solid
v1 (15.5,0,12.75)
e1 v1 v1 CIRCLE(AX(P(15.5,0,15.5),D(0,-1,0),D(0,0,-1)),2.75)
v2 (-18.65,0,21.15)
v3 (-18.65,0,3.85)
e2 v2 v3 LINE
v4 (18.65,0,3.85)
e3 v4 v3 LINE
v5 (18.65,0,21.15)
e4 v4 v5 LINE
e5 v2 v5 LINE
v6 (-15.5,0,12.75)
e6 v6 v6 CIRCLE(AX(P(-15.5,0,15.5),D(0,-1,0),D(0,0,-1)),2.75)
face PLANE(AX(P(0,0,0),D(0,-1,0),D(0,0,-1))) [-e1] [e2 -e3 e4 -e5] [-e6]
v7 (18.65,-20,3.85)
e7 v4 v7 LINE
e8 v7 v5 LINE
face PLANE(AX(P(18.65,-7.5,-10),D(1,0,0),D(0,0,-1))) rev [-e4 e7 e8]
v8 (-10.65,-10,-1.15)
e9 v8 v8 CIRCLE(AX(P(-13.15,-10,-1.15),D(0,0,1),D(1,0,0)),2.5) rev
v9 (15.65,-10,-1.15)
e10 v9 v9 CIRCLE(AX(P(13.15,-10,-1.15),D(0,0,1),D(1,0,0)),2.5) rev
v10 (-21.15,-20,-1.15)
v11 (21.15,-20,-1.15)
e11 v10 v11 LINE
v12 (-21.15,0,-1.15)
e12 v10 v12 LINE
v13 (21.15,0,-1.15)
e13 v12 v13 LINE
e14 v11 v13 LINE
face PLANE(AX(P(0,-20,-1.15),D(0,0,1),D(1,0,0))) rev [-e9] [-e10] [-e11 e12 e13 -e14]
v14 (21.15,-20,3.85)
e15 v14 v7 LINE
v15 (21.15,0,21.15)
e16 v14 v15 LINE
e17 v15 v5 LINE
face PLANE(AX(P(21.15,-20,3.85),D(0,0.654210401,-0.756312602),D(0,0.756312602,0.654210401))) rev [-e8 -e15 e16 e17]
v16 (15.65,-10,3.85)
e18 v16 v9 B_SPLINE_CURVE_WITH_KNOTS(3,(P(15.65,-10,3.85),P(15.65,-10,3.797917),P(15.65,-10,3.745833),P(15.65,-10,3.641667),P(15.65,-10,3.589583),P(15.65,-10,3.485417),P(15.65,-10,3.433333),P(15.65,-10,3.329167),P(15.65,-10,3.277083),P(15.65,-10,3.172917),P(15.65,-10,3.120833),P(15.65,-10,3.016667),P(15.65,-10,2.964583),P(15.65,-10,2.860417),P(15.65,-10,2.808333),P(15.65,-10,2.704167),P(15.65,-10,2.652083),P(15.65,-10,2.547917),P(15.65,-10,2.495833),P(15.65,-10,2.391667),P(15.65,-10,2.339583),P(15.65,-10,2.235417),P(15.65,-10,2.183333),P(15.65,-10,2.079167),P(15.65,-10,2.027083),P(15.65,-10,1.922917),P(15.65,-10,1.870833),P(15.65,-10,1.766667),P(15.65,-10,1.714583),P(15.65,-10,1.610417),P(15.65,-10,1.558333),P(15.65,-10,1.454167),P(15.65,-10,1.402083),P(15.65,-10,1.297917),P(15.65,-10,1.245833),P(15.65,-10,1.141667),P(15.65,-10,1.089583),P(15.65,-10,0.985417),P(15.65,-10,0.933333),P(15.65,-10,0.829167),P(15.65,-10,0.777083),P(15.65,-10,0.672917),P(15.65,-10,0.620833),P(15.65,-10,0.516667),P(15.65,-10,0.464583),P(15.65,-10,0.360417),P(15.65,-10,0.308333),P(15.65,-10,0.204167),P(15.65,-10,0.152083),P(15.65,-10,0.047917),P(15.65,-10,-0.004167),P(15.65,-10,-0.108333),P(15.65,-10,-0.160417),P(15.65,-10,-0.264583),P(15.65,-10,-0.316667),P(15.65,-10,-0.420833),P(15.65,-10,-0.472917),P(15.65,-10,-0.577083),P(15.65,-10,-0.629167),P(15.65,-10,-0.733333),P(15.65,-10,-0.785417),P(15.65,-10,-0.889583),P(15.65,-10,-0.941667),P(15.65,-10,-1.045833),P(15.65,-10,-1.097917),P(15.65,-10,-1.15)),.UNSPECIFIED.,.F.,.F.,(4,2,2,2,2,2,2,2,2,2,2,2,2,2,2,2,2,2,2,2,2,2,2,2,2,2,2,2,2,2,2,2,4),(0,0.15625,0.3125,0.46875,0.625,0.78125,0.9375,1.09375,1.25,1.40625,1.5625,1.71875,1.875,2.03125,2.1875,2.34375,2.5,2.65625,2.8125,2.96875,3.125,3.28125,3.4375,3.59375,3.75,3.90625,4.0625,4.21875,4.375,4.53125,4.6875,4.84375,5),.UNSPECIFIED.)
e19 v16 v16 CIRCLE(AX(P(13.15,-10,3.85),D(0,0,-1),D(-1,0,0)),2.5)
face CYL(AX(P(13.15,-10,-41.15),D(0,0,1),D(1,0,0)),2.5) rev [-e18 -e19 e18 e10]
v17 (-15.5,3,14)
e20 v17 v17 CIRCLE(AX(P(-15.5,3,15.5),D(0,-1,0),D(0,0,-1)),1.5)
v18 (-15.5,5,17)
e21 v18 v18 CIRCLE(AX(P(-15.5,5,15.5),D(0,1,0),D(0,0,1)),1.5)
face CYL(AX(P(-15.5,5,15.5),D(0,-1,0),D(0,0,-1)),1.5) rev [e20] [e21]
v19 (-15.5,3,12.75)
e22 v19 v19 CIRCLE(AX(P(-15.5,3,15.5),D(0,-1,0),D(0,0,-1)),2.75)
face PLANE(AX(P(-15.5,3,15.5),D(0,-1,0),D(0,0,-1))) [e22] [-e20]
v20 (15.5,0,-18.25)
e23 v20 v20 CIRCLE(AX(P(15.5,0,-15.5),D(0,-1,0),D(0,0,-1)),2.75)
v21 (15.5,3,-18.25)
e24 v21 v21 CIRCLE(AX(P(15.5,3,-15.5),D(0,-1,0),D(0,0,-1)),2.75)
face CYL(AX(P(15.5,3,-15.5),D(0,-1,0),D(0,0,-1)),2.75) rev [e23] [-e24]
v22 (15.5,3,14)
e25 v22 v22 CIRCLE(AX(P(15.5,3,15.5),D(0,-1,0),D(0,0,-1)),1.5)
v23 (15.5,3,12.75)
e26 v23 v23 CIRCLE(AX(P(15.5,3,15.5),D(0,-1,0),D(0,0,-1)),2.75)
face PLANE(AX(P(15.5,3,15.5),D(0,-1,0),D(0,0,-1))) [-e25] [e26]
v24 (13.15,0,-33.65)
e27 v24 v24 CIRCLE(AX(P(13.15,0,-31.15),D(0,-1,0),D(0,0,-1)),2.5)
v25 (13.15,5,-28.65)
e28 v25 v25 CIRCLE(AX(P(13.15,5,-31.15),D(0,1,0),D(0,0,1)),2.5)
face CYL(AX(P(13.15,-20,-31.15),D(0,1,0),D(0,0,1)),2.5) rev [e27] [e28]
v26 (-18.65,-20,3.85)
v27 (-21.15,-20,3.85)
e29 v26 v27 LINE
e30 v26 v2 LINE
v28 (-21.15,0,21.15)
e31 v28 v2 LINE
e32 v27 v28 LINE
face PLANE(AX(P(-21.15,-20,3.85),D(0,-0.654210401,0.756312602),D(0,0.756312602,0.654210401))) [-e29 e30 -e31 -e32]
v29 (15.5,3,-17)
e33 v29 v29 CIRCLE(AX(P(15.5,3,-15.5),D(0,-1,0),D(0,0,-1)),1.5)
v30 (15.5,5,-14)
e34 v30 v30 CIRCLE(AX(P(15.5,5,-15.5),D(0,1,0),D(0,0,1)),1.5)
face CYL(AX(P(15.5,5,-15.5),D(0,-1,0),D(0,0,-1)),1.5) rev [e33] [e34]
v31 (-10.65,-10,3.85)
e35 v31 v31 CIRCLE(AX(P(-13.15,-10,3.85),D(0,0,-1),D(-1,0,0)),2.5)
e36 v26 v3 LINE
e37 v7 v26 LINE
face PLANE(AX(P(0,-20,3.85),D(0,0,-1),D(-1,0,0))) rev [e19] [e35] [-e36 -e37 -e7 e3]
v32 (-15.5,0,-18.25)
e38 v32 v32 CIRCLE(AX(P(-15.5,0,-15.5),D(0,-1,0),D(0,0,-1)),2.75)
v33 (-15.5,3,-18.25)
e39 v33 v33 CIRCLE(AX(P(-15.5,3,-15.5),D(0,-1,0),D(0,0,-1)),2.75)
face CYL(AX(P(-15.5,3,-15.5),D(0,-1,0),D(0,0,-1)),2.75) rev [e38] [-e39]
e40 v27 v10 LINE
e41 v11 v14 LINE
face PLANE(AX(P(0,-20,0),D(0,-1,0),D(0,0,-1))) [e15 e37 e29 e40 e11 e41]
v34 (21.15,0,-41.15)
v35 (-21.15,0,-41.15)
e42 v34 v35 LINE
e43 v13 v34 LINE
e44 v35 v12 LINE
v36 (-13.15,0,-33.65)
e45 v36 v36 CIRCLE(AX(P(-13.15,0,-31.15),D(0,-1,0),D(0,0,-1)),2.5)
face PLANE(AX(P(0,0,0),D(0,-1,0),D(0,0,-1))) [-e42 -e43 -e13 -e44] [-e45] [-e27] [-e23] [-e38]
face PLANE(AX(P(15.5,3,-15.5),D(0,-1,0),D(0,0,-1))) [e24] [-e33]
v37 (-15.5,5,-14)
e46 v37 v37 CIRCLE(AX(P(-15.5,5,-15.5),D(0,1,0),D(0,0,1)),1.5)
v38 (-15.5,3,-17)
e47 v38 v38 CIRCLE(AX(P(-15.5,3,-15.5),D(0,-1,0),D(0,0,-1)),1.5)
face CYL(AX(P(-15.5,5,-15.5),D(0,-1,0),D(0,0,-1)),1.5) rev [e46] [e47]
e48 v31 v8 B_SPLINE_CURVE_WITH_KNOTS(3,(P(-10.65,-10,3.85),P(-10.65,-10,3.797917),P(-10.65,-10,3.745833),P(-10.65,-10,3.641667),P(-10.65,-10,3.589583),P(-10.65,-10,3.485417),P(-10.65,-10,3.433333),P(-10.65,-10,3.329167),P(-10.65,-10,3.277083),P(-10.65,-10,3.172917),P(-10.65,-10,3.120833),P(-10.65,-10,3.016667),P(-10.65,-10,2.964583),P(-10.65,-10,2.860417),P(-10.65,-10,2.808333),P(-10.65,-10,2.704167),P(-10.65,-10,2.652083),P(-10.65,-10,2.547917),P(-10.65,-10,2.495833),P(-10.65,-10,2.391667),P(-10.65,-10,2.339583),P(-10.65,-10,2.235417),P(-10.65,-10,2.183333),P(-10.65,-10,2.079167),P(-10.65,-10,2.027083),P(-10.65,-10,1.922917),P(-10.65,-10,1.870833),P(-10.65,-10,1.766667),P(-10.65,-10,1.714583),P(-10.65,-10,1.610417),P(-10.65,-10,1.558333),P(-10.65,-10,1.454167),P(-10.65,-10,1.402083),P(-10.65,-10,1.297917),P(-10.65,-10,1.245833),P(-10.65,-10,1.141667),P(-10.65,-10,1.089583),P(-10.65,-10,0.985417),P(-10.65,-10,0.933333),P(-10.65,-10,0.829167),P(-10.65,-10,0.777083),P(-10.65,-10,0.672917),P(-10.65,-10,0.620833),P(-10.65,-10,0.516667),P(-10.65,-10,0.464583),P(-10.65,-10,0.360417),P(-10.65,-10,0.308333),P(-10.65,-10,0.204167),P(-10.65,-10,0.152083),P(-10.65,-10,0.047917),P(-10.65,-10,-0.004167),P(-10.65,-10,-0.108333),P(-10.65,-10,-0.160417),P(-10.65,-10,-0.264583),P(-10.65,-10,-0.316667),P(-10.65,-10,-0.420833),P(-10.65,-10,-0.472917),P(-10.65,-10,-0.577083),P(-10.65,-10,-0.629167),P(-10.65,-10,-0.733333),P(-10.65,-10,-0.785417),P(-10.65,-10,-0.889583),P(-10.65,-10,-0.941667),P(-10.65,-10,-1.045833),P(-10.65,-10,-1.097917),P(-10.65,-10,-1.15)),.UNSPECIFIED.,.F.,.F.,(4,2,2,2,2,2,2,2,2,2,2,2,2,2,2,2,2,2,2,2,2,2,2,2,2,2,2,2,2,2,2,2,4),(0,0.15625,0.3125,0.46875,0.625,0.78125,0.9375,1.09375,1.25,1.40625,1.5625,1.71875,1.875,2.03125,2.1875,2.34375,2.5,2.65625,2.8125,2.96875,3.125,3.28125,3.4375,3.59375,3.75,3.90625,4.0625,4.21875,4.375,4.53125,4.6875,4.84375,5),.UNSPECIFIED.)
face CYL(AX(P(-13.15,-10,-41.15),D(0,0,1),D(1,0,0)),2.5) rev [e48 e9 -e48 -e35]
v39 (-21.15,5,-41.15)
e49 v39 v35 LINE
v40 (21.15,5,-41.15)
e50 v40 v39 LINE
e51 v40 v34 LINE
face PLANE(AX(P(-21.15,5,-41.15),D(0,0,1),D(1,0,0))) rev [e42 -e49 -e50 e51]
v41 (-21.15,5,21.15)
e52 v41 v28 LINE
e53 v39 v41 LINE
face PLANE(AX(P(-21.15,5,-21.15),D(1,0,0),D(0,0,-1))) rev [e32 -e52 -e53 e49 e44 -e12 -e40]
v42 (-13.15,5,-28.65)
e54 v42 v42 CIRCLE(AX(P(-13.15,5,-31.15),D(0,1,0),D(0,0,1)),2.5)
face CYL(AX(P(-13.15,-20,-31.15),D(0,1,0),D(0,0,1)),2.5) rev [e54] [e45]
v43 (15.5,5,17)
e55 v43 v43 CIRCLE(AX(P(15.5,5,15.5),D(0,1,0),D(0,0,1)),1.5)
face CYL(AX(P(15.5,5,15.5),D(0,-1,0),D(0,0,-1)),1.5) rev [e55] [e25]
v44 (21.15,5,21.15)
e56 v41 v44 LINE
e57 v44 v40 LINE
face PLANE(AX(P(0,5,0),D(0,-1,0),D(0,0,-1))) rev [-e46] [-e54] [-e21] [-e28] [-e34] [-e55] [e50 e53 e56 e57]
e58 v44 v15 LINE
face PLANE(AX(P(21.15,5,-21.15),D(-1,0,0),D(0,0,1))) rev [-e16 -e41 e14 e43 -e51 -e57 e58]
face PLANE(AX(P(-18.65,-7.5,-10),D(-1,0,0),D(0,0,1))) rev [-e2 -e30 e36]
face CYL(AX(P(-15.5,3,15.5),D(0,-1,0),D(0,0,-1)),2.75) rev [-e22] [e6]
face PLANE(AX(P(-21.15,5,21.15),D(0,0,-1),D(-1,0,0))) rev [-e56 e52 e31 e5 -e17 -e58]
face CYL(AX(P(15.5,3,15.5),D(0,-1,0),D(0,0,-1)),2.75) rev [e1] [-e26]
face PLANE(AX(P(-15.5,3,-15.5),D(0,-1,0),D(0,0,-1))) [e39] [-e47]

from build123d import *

# Parameters (mm, degrees)
SKETCH1_R           = 1.5
BOSS_EXTRUDE1_DEPTH = 5
SKETCH2_R           = 2.75
CUT_EXTRUDE1_DEPTH  = 3
SKETCH3_W           = 42.3
SKETCH3_H           = 5
BOSS_EXTRUDE2_DEPTH = 20
SKETCH7_R           = 2.5
CUT_EXTRUDE4_DEPTH  = 55.03373946
SKETCH8_R           = 2.5
CUT_EXTRUDE5_DEPTH  = 53.589400073
RIB1_REACH          = 64.311
SKETCH9_WALL_W      = 153.06531809
SKETCH9_WALL_H      = 2.5


with BuildPart() as part:
    # Sketch1 → Boss-Extrude1 (new body)
    with BuildSketch(Plane(origin=(0, 0, 0), x_dir=(1, 0, 0), z_dir=(0, 1, 0))):
        Polygon((-21.15, -21.15), (21.15, -21.15), (21.15, 21.15), (21.15, 41.15), (-21.15, 41.15), (-21.15, 21.15), align=None)
        with Locations(Location((-15.5, 15.5, 0), (0, 0, 270))):
            Circle(SKETCH1_R, mode=Mode.SUBTRACT)
        with Locations(Location((15.5, 15.5, 0), (0, 0, 270))):
            Circle(SKETCH1_R, mode=Mode.SUBTRACT)
        with Locations(Location((-15.5, -15.5, 0), (0, 0, 270))):
            Circle(SKETCH1_R, mode=Mode.SUBTRACT)
        with Locations(Location((15.5, -15.5, 0), (0, 0, 270))):
            Circle(SKETCH1_R, mode=Mode.SUBTRACT)
    extrude(amount=BOSS_EXTRUDE1_DEPTH)

    # Sketch2 → Cut-Extrude1 (cut)
    with BuildSketch(Plane.XZ):
        with Locations(Location((-15.5, 15.5, 0), (0, 0, 270))):
            Circle(SKETCH2_R)
        with Locations(Location((-15.5, -15.5, 0), (0, 0, 270))):
            Circle(SKETCH2_R)
        with Locations(Location((15.5, 15.5, 0), (0, 0, 270))):
            Circle(SKETCH2_R)
        with Locations(Location((15.5, -15.5, 0), (0, 0, 270))):
            Circle(SKETCH2_R)
    extrude(amount=-CUT_EXTRUDE1_DEPTH, mode=Mode.SUBTRACT)

    # Sketch3 → Boss-Extrude2 (add)
    with BuildSketch(Plane.XZ):
        with Locations((0, 1.35)):
            Rectangle(SKETCH3_W, SKETCH3_H)
    extrude(amount=BOSS_EXTRUDE2_DEPTH)

    # Sketch7 → Cut-Extrude4 (cut, through all)
    with BuildSketch(Plane(origin=(0, 1.15, 3.85), x_dir=(1, 0, 0), z_dir=(0, 0, -1))):
        with Locations((-13.15, 11.15)):
            Circle(SKETCH7_R)
        with Locations((13.15, 11.15)):
            Circle(SKETCH7_R)
    extrude(amount=CUT_EXTRUDE4_DEPTH, mode=Mode.SUBTRACT)

    # Sketch8 → Cut-Extrude5 (cut, through all)
    with BuildSketch(Plane(origin=(0, 5, 0), x_dir=(1, 0, 0), z_dir=(0, 1, 0))):
        with Locations(Location((-13.15, 31.15, 0), (0, 0, 270))):
            Circle(SKETCH8_R)
        with Locations(Location((13.15, 31.15, 0), (0, 0, 270))):
            Circle(SKETCH8_R)
    extrude(amount=-CUT_EXTRUDE5_DEPTH, mode=Mode.SUBTRACT)

    # Sketch9 wall → Rib1 (add, up to next)
    with BuildSketch(Plane(origin=(-21.15, -10, 12.5), x_dir=(0, 0.756312601861, 0.65421040061), z_dir=(0, 0.65421040061, -0.756312601861)), mode=Mode.PRIVATE) as rib1_sk1:
        with Locations((0, 1.25)):
            Rectangle(SKETCH9_WALL_W, SKETCH9_WALL_H)
    rib1_tool1 = extrude(rib1_sk1.sketch, amount=RIB1_REACH, mode=Mode.PRIVATE) - part.part
    rib1 = rib1_tool1.solids().sort_by_distance((-21.15, -10, 12.5))[0]
    add(rib1)

    # Mirror1: Rib1 across plane
    add(rib1.mirror(Plane.ZY))


solid = part.part
